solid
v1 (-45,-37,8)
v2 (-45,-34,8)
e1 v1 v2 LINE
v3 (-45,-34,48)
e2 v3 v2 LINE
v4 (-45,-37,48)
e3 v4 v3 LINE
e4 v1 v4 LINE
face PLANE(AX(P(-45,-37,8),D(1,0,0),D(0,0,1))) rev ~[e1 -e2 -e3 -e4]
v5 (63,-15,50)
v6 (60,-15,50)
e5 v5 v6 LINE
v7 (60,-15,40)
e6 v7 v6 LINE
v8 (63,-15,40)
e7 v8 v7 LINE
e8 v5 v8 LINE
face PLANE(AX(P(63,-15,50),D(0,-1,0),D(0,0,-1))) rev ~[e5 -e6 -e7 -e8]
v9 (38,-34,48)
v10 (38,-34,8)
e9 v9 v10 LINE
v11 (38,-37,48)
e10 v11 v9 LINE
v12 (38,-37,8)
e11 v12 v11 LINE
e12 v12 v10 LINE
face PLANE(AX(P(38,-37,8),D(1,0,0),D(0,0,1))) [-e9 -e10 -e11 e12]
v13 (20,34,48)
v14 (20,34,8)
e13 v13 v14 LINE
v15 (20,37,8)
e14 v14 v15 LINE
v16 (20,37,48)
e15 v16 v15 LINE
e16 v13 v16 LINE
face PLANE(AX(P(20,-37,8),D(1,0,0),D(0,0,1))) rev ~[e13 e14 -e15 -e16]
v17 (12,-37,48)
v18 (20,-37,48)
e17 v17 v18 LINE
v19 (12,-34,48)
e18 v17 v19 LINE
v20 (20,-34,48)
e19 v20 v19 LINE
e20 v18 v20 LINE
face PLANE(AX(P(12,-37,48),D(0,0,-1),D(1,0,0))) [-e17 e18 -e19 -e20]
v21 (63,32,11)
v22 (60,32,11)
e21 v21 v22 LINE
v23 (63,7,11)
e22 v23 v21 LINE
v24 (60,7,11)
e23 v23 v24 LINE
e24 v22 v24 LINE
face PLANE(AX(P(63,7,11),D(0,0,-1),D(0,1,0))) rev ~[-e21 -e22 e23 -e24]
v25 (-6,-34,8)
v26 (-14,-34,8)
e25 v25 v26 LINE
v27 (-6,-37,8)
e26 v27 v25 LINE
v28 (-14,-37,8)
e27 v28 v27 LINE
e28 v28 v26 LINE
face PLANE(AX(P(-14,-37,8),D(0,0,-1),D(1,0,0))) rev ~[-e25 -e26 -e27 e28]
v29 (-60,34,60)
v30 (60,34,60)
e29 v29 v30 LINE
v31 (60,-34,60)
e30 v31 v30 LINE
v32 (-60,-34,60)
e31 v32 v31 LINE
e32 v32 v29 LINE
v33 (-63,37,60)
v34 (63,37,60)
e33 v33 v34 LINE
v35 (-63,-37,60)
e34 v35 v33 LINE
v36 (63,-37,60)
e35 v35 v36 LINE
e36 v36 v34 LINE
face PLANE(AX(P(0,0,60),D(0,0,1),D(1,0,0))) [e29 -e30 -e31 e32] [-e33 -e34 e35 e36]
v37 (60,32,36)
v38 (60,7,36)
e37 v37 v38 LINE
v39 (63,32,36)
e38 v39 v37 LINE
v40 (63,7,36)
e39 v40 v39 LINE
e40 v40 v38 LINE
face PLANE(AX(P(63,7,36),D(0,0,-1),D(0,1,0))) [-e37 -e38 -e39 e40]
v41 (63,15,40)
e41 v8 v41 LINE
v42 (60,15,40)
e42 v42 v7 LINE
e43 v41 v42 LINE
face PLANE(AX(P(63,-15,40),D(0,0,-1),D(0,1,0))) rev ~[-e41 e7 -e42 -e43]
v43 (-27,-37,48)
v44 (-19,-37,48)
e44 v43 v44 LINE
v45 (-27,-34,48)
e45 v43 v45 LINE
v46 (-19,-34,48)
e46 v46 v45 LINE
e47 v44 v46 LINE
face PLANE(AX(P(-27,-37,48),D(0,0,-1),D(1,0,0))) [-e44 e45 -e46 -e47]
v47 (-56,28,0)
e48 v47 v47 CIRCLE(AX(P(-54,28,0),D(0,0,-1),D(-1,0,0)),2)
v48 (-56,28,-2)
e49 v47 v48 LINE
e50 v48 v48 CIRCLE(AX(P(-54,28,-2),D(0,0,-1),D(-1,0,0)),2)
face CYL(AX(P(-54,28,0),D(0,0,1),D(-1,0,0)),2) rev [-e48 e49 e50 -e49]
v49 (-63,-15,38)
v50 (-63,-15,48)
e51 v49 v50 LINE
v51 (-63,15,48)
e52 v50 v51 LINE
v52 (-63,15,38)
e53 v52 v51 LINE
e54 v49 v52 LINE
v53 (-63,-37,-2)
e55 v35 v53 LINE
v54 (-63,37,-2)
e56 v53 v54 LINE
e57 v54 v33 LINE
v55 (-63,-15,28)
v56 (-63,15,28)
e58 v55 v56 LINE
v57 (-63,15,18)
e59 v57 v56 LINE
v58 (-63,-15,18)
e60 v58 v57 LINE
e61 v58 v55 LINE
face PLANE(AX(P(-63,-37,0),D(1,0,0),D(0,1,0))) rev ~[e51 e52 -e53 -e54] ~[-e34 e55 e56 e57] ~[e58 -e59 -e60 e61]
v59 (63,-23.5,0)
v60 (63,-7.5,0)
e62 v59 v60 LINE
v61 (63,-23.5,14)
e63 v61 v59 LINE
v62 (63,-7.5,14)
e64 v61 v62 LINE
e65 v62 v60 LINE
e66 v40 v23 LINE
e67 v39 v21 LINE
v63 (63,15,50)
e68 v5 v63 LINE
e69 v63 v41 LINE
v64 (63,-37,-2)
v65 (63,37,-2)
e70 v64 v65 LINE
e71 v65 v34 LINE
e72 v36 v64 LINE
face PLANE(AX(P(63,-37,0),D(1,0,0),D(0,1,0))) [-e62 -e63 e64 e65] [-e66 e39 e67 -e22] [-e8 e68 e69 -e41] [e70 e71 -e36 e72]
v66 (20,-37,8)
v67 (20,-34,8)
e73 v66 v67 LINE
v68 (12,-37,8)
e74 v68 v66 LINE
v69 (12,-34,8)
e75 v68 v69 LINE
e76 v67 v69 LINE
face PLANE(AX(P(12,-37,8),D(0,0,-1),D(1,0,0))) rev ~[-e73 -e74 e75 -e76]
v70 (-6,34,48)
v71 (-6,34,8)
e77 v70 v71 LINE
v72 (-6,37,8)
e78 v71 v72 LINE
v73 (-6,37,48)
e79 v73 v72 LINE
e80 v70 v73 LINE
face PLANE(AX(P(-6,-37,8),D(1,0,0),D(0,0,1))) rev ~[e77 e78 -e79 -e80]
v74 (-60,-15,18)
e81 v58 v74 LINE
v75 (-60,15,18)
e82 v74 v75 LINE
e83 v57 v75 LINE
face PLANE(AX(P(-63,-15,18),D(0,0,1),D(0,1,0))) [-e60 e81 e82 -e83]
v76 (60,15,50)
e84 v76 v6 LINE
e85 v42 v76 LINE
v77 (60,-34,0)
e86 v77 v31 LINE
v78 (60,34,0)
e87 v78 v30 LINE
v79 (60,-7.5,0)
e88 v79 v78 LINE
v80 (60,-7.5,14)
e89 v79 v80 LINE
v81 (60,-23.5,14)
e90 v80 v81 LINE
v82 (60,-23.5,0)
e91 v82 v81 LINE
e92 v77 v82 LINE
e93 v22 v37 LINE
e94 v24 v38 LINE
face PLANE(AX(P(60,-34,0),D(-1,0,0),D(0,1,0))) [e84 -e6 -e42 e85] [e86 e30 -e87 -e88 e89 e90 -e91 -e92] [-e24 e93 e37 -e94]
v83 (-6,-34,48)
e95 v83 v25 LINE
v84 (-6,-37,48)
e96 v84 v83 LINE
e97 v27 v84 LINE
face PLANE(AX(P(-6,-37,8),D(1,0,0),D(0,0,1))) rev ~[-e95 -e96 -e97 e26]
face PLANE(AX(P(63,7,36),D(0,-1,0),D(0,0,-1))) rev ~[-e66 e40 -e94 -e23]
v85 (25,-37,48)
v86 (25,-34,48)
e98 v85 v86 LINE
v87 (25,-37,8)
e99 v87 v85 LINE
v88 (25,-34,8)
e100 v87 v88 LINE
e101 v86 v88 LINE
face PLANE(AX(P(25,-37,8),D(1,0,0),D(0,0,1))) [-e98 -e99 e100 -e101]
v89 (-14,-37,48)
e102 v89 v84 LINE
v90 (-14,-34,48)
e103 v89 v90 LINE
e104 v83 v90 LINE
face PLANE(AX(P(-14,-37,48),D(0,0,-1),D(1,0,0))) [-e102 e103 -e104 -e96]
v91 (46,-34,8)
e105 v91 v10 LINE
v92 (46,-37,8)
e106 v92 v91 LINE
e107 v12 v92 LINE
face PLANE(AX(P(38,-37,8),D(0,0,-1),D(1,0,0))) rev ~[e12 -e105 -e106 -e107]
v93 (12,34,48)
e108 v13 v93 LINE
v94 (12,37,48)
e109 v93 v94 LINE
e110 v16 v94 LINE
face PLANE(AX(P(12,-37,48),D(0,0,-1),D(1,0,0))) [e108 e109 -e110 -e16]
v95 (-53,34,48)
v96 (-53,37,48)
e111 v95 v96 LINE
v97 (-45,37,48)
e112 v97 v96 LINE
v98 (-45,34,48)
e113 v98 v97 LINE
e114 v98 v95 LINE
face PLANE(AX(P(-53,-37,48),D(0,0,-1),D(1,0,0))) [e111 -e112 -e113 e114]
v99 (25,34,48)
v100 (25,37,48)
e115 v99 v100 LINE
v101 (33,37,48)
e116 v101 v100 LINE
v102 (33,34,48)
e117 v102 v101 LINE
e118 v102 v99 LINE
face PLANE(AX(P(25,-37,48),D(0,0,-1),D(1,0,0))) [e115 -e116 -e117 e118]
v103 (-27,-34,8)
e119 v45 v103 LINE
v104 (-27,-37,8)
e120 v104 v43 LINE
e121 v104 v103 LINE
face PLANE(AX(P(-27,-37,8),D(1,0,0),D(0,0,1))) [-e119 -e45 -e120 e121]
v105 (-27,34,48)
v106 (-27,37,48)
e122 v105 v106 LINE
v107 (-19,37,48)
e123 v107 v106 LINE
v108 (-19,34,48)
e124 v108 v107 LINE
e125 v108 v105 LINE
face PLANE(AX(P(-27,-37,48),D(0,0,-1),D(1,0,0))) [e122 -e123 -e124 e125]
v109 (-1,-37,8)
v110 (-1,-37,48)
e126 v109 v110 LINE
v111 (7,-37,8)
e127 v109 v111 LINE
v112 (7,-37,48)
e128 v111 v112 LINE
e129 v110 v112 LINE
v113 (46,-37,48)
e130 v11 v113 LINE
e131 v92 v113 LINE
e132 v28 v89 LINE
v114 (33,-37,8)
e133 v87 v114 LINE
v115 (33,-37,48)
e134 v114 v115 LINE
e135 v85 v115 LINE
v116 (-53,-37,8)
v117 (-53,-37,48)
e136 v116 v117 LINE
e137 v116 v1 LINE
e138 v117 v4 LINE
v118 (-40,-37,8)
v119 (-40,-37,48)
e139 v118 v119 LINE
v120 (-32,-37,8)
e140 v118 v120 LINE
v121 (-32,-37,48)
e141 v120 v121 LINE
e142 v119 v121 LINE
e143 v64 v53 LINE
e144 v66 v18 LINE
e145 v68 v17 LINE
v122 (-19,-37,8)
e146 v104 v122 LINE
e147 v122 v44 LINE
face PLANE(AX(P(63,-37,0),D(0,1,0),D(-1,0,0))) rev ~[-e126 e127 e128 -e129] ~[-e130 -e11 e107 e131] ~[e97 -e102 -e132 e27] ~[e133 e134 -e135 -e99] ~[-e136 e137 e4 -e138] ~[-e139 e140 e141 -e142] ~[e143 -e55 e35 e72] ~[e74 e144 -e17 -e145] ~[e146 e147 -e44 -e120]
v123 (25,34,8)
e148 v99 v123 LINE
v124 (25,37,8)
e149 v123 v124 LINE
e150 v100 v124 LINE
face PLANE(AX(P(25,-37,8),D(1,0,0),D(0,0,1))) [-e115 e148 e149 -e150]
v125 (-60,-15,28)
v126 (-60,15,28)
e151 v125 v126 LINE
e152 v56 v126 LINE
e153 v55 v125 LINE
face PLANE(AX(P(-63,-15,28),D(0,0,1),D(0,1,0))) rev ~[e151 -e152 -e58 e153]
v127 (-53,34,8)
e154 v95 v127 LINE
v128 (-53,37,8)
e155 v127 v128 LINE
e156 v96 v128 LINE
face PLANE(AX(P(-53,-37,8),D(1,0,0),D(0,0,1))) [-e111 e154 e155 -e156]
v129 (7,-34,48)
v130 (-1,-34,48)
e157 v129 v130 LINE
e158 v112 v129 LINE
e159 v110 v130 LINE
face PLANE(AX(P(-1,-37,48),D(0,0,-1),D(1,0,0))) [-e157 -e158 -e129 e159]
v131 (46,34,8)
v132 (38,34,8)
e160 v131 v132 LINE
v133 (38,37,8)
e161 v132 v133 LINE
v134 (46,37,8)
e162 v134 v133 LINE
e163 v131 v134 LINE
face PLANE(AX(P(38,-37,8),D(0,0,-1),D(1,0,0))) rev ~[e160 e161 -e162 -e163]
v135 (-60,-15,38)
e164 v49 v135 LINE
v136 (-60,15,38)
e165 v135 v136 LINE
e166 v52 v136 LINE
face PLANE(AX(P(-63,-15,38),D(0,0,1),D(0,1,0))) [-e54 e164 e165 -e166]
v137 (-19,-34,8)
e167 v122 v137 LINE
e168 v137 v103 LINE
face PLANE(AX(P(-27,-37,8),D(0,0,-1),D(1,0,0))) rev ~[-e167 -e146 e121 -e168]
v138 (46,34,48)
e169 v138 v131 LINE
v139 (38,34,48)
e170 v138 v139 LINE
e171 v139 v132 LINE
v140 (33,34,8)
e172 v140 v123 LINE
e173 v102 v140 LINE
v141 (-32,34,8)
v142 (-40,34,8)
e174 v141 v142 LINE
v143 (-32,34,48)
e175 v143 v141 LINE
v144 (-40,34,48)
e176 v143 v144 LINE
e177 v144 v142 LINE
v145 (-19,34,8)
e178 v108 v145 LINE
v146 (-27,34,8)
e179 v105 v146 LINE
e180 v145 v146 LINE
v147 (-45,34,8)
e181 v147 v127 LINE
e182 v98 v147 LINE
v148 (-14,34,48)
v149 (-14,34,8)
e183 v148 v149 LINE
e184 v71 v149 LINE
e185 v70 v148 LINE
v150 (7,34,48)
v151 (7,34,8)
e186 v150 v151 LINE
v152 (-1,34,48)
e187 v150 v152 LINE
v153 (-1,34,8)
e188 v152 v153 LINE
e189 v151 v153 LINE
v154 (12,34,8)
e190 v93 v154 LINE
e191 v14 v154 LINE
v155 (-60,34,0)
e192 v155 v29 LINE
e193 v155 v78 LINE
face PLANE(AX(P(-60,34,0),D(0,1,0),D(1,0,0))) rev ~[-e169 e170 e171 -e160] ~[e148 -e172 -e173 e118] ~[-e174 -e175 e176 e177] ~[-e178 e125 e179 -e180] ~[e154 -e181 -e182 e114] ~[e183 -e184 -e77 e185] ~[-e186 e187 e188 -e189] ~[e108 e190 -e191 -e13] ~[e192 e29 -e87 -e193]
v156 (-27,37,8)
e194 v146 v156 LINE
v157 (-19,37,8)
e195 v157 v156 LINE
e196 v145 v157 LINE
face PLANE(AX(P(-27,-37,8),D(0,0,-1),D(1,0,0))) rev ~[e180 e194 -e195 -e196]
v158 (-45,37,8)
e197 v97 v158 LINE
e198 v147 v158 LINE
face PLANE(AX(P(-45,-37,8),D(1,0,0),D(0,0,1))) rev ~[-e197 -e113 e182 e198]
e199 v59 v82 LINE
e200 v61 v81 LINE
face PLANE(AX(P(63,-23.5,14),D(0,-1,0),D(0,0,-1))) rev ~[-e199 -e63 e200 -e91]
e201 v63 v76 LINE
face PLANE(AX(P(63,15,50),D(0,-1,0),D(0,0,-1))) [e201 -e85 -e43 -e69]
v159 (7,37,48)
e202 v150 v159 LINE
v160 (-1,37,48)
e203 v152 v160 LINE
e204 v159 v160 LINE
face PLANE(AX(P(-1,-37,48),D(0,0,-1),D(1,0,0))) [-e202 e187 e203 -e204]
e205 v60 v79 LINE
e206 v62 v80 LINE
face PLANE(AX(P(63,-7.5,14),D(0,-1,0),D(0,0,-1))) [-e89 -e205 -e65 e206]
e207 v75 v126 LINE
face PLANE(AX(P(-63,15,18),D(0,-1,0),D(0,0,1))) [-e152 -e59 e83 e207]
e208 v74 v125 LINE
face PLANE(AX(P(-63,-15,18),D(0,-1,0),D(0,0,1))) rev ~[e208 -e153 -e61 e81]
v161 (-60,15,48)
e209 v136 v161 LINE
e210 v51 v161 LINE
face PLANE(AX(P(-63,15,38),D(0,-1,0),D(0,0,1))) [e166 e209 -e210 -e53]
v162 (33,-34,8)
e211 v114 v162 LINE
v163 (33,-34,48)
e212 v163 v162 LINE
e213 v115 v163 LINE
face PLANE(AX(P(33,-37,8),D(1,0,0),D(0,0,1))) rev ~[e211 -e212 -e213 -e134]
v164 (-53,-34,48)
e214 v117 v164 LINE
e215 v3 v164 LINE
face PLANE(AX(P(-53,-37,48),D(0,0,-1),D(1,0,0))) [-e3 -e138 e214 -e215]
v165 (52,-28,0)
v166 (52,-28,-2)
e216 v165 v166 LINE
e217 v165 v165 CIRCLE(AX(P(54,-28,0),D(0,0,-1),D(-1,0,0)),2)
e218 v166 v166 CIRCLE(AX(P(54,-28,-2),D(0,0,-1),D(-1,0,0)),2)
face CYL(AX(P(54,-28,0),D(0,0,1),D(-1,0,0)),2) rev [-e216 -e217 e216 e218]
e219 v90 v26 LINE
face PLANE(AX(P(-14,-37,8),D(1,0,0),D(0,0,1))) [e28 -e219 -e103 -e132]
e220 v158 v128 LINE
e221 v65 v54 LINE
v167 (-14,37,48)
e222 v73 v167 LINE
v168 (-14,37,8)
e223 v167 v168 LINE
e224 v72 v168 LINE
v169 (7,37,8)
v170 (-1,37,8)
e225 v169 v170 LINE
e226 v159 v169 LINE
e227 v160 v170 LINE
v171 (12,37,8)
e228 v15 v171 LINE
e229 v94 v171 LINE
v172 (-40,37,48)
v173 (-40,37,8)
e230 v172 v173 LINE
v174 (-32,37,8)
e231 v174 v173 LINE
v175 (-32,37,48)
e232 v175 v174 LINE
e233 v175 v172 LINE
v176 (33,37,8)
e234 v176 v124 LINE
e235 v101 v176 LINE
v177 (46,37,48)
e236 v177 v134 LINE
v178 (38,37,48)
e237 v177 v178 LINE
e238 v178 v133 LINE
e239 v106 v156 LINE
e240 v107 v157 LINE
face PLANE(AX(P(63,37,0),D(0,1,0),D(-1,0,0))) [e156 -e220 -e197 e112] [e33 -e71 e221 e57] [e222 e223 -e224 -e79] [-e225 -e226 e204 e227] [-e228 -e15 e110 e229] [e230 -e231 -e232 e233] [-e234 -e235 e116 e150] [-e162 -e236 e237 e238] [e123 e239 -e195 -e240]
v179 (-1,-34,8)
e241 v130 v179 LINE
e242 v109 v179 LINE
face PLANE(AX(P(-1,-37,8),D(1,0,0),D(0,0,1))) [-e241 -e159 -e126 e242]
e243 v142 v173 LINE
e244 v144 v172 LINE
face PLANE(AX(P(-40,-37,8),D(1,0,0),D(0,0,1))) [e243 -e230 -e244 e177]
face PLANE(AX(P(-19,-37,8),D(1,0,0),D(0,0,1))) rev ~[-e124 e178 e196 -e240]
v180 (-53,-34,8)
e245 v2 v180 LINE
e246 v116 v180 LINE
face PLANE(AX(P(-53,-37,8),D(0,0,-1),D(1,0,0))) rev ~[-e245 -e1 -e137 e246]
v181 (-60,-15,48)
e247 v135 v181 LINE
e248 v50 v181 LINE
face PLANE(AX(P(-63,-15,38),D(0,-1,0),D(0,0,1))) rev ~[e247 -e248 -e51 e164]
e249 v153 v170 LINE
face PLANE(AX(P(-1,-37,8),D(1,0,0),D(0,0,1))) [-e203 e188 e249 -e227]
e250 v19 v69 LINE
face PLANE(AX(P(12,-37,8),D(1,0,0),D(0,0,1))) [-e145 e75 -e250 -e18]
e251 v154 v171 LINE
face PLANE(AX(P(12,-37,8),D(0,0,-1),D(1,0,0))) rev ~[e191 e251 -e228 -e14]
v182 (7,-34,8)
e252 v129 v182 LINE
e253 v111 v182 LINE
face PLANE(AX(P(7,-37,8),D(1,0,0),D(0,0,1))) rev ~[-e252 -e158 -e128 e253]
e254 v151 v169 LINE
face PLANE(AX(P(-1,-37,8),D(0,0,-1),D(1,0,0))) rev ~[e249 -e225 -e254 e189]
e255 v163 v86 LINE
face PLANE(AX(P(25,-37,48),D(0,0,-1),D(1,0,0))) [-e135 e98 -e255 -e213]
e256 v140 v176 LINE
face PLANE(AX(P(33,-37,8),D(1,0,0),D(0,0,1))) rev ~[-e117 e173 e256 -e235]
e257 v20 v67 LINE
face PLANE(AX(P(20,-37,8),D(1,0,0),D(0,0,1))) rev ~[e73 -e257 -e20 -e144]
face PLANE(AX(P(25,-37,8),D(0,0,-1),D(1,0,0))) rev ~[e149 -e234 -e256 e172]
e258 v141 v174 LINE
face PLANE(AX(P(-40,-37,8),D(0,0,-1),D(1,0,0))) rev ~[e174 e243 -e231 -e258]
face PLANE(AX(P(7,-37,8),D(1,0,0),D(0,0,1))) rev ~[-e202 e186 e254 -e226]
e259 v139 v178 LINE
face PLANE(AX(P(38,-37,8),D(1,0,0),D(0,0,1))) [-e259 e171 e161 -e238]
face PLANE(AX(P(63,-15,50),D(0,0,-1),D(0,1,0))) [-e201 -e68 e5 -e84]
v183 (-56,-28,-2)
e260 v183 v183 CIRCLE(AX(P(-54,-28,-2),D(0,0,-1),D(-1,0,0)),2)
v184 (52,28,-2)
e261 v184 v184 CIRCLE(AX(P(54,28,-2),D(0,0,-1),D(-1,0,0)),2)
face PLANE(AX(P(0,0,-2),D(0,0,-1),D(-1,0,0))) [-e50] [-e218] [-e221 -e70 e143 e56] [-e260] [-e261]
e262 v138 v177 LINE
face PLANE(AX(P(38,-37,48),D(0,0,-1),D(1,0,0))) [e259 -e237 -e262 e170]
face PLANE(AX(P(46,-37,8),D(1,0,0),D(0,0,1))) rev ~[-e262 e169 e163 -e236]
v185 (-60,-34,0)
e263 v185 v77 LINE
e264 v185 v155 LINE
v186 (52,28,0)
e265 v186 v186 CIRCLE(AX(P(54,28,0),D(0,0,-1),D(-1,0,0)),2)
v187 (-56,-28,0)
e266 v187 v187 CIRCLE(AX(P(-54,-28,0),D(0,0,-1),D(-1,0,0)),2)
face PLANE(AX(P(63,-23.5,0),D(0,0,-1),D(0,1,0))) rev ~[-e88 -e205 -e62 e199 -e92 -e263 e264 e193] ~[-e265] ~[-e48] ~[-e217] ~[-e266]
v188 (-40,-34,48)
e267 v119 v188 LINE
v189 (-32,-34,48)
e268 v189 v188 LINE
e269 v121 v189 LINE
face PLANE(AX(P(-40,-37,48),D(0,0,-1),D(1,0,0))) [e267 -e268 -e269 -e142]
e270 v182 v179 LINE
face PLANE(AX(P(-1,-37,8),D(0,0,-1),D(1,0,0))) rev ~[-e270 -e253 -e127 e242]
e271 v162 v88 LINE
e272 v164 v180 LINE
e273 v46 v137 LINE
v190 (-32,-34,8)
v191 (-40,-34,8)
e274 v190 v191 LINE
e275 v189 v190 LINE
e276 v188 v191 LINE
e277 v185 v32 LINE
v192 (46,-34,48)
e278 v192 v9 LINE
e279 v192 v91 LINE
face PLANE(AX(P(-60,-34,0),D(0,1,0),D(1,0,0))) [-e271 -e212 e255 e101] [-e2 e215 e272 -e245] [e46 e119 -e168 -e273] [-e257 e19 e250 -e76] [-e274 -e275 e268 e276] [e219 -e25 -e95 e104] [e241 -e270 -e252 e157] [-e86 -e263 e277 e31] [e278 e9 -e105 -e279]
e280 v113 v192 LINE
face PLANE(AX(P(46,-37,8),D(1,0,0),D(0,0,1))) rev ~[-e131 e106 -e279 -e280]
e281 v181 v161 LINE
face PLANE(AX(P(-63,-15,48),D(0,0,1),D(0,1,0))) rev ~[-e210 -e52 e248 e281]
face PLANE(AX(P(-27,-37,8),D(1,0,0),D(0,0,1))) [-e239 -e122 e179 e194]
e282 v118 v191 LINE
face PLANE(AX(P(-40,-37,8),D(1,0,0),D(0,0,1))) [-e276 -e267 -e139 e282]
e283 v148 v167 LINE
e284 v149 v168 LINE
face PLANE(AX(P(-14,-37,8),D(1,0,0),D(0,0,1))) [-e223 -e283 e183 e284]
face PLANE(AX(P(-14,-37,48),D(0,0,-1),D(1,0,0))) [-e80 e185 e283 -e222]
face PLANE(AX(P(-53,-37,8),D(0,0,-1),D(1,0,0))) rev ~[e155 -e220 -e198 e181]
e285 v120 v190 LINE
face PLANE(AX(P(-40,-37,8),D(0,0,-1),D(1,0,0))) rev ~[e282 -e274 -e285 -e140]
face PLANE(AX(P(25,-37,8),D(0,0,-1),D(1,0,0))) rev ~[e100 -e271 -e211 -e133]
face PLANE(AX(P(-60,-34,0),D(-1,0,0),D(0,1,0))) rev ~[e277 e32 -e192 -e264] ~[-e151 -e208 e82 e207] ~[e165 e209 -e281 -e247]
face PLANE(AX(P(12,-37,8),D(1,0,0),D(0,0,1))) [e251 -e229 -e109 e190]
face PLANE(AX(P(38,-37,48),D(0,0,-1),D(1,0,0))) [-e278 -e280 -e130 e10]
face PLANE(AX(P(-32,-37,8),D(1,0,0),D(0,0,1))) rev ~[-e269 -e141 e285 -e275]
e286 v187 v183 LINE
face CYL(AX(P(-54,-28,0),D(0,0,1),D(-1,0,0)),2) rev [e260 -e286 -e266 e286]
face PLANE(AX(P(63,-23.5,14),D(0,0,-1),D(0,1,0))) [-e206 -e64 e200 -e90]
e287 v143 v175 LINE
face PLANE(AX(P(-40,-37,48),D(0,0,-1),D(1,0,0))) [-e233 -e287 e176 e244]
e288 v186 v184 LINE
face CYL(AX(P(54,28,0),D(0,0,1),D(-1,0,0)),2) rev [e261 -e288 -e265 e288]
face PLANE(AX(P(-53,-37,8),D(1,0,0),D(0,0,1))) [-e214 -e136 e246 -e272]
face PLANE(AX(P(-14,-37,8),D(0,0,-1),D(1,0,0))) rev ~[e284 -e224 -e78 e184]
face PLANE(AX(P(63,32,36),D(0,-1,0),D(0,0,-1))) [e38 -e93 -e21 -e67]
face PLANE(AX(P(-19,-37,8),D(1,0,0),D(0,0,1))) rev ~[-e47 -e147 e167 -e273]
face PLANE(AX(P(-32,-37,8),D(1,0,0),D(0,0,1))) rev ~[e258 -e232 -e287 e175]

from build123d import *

# Parameters (mm, degrees)
ESBO_O1_W                = 126
ESBO_O1_H                = 74
ESBO_O1_W_2              = 120
ESBO_O1_H_2              = 68
RESSALTO_EXTRUS_O1_DEPTH = 60
ESBO_O2_W                = 126
ESBO_O2_H                = 74
ESBO_O2_R                = 2
RESSALTO_EXTRUS_O2_DEPTH = 2
ESBO_O3_W                = 25
ESBO_O3_H                = 25
ESBO_O3_W_2              = 14
ESBO_O3_H_2              = 16
ESBO_O3_W_3              = 10
ESBO_O3_H_3              = 30
CORTE_EXTRUS_O1_DEPTH    = 10
ESBO_O6_W                = 8
ESBO_O6_H                = 40
CORTE_EXTRUS_O2_DEPTH    = 115.214710086
ESBO_O7_W                = 10
ESBO_O7_H                = 30
CORTE_EXTRUS_O3_DEPTH    = 12


with BuildPart() as part:
    # Esboço1 → Ressalto-extrusão1 (new body)
    with BuildSketch(Plane.XY):
        Rectangle(ESBO_O1_W, ESBO_O1_H)
        Rectangle(ESBO_O1_W_2, ESBO_O1_H_2, mode=Mode.SUBTRACT)
    extrude(amount=RESSALTO_EXTRUS_O1_DEPTH)

    # Esboço2 → Ressalto-extrusão2 (add)
    with BuildSketch(Plane(origin=(0, 0, 0), x_dir=(-1, 0, 0), z_dir=(0, 0, -1))):
        Rectangle(ESBO_O2_W, ESBO_O2_H)
        with Locations((-54, -28)):
            Circle(ESBO_O2_R, mode=Mode.SUBTRACT)
        with Locations((54, -28)):
            Circle(ESBO_O2_R, mode=Mode.SUBTRACT)
        with Locations((54, 28)):
            Circle(ESBO_O2_R, mode=Mode.SUBTRACT)
        with Locations((-54, 28)):
            Circle(ESBO_O2_R, mode=Mode.SUBTRACT)
    extrude(amount=RESSALTO_EXTRUS_O2_DEPTH)

    # Esboço3 → Corte-extrusão1 (cut)
    with BuildSketch(Plane(origin=(63, 0, 0), x_dir=(0, 0, -1), z_dir=(1, 0, 0))):
        with Locations((-23.5, 19.5)):
            Rectangle(ESBO_O3_W, ESBO_O3_H)
        with Locations((-7, -15.5)):
            Rectangle(ESBO_O3_W_2, ESBO_O3_H_2)
        with Locations((-45, 0)):
            Rectangle(ESBO_O3_W_3, ESBO_O3_H_3)
    extrude(amount=-CORTE_EXTRUS_O1_DEPTH, mode=Mode.SUBTRACT)

    # Esboço6 → Corte-extrusão2 (cut, through all)
    with BuildSketch(Plane.XZ.offset(37)):
        with Locations((-49, 28)):
            Rectangle(ESBO_O6_W, ESBO_O6_H)
        with Locations((-36, 28)):
            Rectangle(ESBO_O6_W, ESBO_O6_H)
        with Locations((-23, 28)):
            Rectangle(ESBO_O6_W, ESBO_O6_H)
        with Locations((-10, 28)):
            Rectangle(ESBO_O6_W, ESBO_O6_H)
        with Locations((3, 28)):
            Rectangle(ESBO_O6_W, ESBO_O6_H)
        with Locations((16, 28)):
            Rectangle(ESBO_O6_W, ESBO_O6_H)
        with Locations((29, 28)):
            Rectangle(ESBO_O6_W, ESBO_O6_H)
        with Locations((42, 28)):
            Rectangle(ESBO_O6_W, ESBO_O6_H)
    extrude(amount=-CORTE_EXTRUS_O2_DEPTH, mode=Mode.SUBTRACT)

    # Esboço7 → Corte-extrusão3 (cut)
    with BuildSketch(Plane.ZY.offset(63)):
        with Locations((43, 0)):
            Rectangle(ESBO_O7_W, ESBO_O7_H)
        with Locations((23, 0)):
            Rectangle(ESBO_O7_W, ESBO_O7_H)
    extrude(amount=-CORTE_EXTRUS_O3_DEPTH, mode=Mode.SUBTRACT)


solid = part.part
